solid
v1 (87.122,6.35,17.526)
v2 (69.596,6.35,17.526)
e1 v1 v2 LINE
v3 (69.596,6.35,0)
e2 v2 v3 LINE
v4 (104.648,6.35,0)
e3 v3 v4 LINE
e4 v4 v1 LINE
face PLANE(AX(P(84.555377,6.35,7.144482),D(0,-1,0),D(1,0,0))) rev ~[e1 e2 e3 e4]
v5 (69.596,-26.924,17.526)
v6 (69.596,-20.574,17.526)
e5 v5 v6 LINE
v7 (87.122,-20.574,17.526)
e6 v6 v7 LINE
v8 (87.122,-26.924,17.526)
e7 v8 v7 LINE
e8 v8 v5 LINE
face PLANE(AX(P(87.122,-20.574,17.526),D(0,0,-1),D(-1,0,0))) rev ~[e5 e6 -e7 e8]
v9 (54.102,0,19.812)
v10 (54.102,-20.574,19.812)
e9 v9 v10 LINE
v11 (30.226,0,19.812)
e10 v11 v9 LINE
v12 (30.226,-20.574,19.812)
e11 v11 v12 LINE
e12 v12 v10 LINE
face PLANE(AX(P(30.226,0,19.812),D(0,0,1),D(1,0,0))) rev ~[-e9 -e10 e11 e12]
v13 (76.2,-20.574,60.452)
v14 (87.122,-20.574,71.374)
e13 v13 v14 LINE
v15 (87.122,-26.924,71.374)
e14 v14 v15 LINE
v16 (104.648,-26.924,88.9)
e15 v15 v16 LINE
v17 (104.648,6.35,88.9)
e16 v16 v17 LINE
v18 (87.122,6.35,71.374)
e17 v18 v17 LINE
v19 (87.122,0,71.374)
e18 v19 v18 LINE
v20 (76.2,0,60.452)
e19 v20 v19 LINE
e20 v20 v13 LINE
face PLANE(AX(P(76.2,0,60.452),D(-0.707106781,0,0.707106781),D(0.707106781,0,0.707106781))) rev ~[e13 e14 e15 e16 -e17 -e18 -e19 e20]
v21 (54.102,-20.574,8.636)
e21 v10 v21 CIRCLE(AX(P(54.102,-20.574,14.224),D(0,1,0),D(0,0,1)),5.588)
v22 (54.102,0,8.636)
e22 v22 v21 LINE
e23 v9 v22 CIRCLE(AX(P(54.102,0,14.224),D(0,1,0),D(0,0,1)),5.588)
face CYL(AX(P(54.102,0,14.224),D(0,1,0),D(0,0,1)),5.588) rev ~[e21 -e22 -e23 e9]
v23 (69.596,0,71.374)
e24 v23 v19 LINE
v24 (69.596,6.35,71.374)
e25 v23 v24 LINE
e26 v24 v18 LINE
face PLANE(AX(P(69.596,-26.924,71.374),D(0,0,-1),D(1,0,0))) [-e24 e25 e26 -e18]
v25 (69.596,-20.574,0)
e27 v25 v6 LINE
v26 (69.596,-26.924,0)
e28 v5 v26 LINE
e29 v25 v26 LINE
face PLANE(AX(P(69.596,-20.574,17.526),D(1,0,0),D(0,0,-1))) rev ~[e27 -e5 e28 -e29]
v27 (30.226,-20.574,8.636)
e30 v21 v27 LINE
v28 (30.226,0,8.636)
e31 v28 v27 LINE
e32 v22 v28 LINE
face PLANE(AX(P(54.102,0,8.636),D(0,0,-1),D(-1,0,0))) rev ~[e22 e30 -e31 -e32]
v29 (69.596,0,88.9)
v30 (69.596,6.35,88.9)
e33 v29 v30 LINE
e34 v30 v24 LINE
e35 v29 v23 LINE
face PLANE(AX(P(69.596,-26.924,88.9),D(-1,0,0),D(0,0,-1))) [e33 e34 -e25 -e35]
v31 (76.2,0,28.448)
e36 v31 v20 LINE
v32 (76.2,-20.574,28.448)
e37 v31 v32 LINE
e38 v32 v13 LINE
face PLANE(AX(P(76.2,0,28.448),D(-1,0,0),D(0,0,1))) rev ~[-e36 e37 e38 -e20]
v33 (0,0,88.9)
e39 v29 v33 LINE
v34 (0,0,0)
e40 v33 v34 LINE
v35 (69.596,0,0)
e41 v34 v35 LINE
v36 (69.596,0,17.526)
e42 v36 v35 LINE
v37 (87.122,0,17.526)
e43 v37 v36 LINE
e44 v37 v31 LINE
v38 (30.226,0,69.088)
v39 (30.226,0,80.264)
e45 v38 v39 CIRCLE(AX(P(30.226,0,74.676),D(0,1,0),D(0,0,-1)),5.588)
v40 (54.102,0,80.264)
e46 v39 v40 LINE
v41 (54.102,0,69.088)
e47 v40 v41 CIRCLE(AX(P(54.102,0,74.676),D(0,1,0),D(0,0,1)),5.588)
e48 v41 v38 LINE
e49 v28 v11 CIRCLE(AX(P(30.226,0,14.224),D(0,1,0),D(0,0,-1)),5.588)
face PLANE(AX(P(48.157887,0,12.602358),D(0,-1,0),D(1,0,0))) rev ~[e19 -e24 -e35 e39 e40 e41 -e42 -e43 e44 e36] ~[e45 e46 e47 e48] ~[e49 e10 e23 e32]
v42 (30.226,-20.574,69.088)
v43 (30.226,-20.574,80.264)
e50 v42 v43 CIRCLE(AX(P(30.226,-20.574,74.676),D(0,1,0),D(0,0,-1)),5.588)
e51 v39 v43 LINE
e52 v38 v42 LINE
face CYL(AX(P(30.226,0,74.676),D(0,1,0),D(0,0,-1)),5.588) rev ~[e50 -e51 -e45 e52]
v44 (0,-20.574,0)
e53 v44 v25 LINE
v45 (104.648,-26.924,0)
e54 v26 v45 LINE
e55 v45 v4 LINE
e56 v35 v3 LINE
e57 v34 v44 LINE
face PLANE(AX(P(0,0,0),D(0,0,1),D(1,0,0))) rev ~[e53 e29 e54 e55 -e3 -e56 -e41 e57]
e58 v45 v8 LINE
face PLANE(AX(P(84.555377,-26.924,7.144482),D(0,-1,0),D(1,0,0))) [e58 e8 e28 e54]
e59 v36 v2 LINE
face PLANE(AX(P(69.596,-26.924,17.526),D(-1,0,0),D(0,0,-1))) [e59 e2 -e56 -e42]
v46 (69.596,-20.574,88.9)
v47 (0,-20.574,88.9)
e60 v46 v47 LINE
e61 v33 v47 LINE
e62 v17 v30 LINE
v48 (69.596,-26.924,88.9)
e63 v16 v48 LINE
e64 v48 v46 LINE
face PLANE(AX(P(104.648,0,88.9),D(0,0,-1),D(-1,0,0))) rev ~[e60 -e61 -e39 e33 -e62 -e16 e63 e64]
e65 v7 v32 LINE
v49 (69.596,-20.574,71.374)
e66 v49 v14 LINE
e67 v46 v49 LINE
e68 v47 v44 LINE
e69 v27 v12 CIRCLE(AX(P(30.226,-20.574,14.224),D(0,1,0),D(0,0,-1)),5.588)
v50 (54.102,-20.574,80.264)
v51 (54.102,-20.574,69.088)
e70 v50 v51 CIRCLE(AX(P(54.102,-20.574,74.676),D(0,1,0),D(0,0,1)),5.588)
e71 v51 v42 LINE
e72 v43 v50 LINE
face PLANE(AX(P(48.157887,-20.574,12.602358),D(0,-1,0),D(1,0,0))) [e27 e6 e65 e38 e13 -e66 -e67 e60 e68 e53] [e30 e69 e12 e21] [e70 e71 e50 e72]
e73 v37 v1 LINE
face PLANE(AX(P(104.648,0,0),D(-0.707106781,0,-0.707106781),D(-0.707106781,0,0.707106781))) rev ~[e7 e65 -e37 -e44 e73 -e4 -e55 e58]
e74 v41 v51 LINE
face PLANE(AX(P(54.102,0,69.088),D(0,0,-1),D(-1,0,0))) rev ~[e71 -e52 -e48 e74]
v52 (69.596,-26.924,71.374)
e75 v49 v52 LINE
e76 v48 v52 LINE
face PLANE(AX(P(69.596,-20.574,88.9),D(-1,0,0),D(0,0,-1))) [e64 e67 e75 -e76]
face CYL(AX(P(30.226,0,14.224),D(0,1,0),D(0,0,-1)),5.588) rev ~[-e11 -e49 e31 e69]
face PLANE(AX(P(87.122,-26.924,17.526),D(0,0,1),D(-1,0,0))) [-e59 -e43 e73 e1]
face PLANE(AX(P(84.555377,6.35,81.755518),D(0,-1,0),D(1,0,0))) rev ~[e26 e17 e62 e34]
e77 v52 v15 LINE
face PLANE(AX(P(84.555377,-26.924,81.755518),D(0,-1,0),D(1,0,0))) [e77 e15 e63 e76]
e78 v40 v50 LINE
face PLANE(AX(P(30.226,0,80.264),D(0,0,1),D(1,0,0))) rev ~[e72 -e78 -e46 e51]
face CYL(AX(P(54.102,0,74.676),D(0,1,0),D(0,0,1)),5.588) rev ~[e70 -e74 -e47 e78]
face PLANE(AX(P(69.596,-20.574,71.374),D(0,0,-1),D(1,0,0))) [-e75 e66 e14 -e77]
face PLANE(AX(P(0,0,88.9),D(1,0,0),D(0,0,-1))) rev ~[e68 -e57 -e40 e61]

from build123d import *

# Parameters (mm, degrees)
F0_W     = 76.2
F0_H     = 16.002
F1_DEPTH = 20.574
F3_DEPTH = 20.574
F4_DEPTH = 6.35
F6_DEPTH = 33.274
F8_DEPTH = 33.274


with BuildPart() as f1:
    # F0 (on Front) → F1 (new body)
    with BuildSketch(Plane.XZ):
        Polygon((0, 28.448), (0, 0), (104.648, 0), (76.2, 28.448), align=None)
        with BuildLine():
            ThreePointArc((30.226, 8.636), (24.638, 14.224), (30.226, 19.812))
            Line((30.226, 19.812), (54.102, 19.812))
            ThreePointArc((54.102, 19.812), (59.69, 14.224), (54.102, 8.636))
            Line((54.102, 8.636), (30.226, 8.636))
        make_face(mode=Mode.SUBTRACT)
        with Locations((38.1, 36.449)):
            Rectangle(F0_W, F0_H)
        with Locations((38.1, 52.451)):
            Rectangle(F0_W, F0_H)
        Polygon((0, 88.9), (0, 60.452), (76.2, 60.452), (104.648, 88.9), align=None)
        with BuildLine():
            Line((54.102, 69.088), (30.226, 69.088))
            ThreePointArc((30.226, 69.088), (24.638, 74.676), (30.226, 80.264))
            Line((30.226, 80.264), (54.102, 80.264))
            ThreePointArc((54.102, 80.264), (59.69, 74.676), (54.102, 69.088))
        make_face(mode=Mode.SUBTRACT)
    extrude(amount=F1_DEPTH)

    # F0 (on Front) → F3 (join)
    with BuildSketch(Plane.XZ):
        Polygon((0, 28.448), (0, 0), (104.648, 0), (76.2, 28.448), align=None)
        with BuildLine():
            ThreePointArc((30.226, 8.636), (24.638, 14.224), (30.226, 19.812))
            Line((30.226, 19.812), (54.102, 19.812))
            ThreePointArc((54.102, 19.812), (59.69, 14.224), (54.102, 8.636))
            Line((54.102, 8.636), (30.226, 8.636))
        make_face(mode=Mode.SUBTRACT)
        with Locations((38.1, 36.449)):
            Rectangle(F0_W, F0_H)
        with Locations((38.1, 52.451)):
            Rectangle(F0_W, F0_H)
        Polygon((0, 88.9), (0, 60.452), (76.2, 60.452), (104.648, 88.9), align=None)
        with BuildLine():
            Line((54.102, 69.088), (30.226, 69.088))
            ThreePointArc((30.226, 69.088), (24.638, 74.676), (30.226, 80.264))
            Line((30.226, 80.264), (54.102, 80.264))
            ThreePointArc((54.102, 80.264), (59.69, 74.676), (54.102, 69.088))
        make_face(mode=Mode.SUBTRACT)
    extrude(amount=F3_DEPTH)

    # F2 (on face) → F4 (join, symmetric)
    with BuildSketch(Plane.XZ.offset(20.574)):
        Polygon((69.596, 17.526), (69.596, 0), (104.648, 0), (87.122, 17.526), align=None)
        Polygon((69.596, 88.9), (69.596, 71.374), (87.122, 71.374), (104.648, 88.9), align=None)
    extrude(amount=F4_DEPTH, both=True)

    # F5 (on face) → F6 (join)
    with BuildSketch(Plane.XZ.offset(26.924)):
        Polygon((87.122, 17.526), (69.596, 17.526), (69.596, 0), (104.648, 0), align=None)
    extrude(amount=-F6_DEPTH)

    # F7 (on face) → F8 (join)
    with BuildSketch(Plane.XZ.offset(26.924)):
        Polygon((104.648, 88.9), (69.596, 88.9), (69.596, 71.374), (87.122, 71.374), align=None)
    extrude(amount=-F8_DEPTH)


solid = f1.part
